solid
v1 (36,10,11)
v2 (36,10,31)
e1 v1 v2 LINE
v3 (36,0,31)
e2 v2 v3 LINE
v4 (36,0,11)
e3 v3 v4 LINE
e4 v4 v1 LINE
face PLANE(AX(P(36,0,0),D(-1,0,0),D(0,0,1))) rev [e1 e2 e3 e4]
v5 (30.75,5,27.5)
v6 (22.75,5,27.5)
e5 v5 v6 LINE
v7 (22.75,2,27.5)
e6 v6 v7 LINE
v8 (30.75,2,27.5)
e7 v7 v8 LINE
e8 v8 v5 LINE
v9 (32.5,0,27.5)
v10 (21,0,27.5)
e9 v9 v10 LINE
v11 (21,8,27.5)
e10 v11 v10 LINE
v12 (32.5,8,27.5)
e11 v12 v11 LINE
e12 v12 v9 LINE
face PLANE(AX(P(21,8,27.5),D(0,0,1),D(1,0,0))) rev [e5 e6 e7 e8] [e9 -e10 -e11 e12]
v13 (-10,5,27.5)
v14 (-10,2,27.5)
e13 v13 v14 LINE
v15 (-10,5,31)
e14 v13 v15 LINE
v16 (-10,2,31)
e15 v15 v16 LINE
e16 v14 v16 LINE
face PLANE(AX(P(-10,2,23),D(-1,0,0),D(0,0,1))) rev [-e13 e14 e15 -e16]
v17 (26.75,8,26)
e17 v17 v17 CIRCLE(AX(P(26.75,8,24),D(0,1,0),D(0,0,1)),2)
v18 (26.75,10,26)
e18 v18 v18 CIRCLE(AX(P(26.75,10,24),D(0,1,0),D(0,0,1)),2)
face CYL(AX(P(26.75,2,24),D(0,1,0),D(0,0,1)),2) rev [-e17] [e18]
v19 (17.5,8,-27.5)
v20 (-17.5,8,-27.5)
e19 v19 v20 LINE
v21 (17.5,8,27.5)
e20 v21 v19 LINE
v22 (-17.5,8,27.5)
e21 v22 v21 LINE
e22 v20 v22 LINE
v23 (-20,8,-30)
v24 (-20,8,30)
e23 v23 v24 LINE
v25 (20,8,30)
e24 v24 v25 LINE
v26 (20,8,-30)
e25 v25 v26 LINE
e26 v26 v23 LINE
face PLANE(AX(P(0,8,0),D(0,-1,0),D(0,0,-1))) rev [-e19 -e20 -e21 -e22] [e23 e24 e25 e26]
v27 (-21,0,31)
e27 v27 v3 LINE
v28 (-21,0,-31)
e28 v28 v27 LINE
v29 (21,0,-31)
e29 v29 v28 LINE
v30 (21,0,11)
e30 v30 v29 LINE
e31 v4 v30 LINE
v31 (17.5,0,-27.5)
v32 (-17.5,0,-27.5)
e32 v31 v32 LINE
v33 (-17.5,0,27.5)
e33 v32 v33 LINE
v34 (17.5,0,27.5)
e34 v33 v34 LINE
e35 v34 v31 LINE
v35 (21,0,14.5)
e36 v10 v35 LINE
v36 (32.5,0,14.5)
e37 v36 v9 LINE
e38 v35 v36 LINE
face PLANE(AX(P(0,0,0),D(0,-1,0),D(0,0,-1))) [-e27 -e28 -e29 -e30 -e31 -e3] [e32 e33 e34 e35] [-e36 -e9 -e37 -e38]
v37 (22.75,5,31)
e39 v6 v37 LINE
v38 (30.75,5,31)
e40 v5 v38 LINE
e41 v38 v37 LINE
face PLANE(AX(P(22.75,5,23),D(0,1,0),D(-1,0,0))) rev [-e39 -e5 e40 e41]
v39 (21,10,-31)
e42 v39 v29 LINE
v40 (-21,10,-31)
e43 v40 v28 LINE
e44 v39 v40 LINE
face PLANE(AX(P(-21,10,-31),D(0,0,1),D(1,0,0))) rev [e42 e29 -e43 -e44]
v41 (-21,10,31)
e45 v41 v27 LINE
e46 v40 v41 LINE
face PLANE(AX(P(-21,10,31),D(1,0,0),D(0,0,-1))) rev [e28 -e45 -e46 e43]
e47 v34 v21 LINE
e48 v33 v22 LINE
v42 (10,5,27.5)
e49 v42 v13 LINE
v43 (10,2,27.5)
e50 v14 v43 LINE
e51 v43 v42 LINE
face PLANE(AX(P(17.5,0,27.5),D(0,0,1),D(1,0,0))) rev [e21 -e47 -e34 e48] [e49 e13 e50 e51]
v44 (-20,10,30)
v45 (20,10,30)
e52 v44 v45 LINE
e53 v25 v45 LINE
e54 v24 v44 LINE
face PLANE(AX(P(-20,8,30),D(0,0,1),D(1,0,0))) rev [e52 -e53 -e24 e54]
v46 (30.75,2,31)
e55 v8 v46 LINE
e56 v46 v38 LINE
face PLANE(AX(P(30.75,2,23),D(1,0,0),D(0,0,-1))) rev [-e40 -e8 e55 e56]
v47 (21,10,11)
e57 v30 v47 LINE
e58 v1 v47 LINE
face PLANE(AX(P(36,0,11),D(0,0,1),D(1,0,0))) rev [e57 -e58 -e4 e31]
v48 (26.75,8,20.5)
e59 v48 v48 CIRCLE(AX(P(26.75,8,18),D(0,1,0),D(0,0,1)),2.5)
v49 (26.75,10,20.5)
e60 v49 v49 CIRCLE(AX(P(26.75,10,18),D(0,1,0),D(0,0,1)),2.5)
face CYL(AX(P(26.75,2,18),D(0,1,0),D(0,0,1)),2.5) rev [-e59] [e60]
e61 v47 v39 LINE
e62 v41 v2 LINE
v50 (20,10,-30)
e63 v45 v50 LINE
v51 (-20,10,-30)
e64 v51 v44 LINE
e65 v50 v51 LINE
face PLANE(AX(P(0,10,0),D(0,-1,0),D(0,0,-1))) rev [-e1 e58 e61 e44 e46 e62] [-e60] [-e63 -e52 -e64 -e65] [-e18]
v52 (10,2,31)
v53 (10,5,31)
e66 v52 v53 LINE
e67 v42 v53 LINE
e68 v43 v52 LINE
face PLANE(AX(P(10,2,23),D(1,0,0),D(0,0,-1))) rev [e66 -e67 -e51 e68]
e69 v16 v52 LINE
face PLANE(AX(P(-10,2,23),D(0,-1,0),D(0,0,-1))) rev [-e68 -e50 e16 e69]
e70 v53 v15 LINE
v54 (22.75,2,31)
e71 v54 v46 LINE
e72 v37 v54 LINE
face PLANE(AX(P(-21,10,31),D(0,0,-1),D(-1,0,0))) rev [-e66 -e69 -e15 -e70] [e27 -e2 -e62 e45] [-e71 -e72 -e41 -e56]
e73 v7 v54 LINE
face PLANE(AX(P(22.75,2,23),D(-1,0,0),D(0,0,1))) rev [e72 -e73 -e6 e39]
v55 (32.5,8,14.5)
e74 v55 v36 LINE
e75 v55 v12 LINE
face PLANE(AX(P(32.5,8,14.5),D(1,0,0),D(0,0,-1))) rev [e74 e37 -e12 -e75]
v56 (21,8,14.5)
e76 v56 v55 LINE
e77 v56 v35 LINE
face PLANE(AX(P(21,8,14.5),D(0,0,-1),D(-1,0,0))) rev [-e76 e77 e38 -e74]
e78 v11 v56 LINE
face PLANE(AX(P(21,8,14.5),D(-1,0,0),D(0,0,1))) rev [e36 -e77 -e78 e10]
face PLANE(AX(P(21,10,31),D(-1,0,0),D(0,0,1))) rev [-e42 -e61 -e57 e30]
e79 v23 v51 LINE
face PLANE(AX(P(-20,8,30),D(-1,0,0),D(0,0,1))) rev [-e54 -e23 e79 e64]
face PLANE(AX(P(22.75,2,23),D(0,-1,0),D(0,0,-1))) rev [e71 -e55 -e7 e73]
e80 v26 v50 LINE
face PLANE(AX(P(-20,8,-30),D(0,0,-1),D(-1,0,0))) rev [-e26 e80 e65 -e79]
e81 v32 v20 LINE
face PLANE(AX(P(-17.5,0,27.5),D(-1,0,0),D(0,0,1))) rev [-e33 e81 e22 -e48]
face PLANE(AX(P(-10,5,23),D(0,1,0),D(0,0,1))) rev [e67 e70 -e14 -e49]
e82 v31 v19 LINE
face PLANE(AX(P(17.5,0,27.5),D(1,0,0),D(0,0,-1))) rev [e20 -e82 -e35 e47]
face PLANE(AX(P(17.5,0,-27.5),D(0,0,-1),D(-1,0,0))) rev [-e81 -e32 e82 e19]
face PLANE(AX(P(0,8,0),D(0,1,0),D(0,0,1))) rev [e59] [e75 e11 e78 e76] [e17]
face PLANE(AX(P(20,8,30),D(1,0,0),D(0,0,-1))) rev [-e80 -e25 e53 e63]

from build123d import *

# Parameters (mm, degrees)
CROQUIS1_W              = 42
CROQUIS1_H              = 62
SALIENTE_EXTRUIR1_DEPTH = 10
CROQUIS2_W              = 40
CROQUIS2_H              = 60
CORTAR_EXTRUIR1_DEPTH   = 2
CROQUIS3_W              = 35
CROQUIS3_H              = 55
CORTAR_EXTRUIR2_DEPTH   = 8
CROQUIS4_W              = 20
CROQUIS4_H              = 3
CORTAR_EXTRUIR3_DEPTH   = 8
CROQUIS5_W              = 20
CROQUIS5_H              = 10
SALIENTE_EXTRUIR2_DEPTH = 15
CROQUIS6_W              = 11.5
CROQUIS6_H              = 13
CORTAR_EXTRUIR4_DEPTH   = 8
CROQUIS7_R              = 2.5
CROQUIS7_R_2            = 2
CORTAR_EXTRUIR5_DEPTH   = 8
CROQUIS8_W              = 8
CROQUIS8_H              = 3
CORTAR_EXTRUIR6_DEPTH   = 8


with BuildPart() as part:
    # Croquis1 → Saliente-Extruir1 (new body)
    with BuildSketch(Plane(origin=(0, 0, 0), x_dir=(1, 0, 0), z_dir=(0, 1, 0))):
        Rectangle(CROQUIS1_W, CROQUIS1_H)
    extrude(amount=SALIENTE_EXTRUIR1_DEPTH)

    # Croquis2 → Cortar-Extruir1 (cut)
    with BuildSketch(Plane(origin=(0, 10, 0), x_dir=(1, 0, 0), z_dir=(0, 1, 0))):
        Rectangle(CROQUIS2_W, CROQUIS2_H)
    extrude(amount=-CORTAR_EXTRUIR1_DEPTH, mode=Mode.SUBTRACT)

    # Croquis3 → Cortar-Extruir2 (cut)
    with BuildSketch(Plane(origin=(0, 8, 0), x_dir=(1, 0, 0), z_dir=(0, 1, 0))):
        Rectangle(CROQUIS3_W, CROQUIS3_H)
    extrude(amount=-CORTAR_EXTRUIR2_DEPTH, mode=Mode.SUBTRACT)

    # Croquis4 → Cortar-Extruir3 (cut)
    with BuildSketch(Plane.XY.offset(31)):
        with Locations((0, 3.5)):
            Rectangle(CROQUIS4_W, CROQUIS4_H)
    extrude(amount=-CORTAR_EXTRUIR3_DEPTH, mode=Mode.SUBTRACT)

    # Croquis5 → Saliente-Extruir2 (add)
    with BuildSketch(Plane(origin=(21, 0, 0), x_dir=(0, 0, -1), z_dir=(1, 0, 0))):
        with Locations((-21, 5)):
            Rectangle(CROQUIS5_W, CROQUIS5_H)
    extrude(amount=SALIENTE_EXTRUIR2_DEPTH)

    # Croquis6 → Cortar-Extruir4 (cut)
    with BuildSketch(Plane(origin=(0, 0, 0), x_dir=(-1, 0, 0), z_dir=(0, -1, 0))):
        with Locations((-26.75, -21)):
            Rectangle(CROQUIS6_W, CROQUIS6_H)
    extrude(amount=-CORTAR_EXTRUIR4_DEPTH, mode=Mode.SUBTRACT)

    # Croquis7 → Cortar-Extruir5 (cut)
    with BuildSketch(Plane(origin=(0, 10, 0), x_dir=(1, 0, 0), z_dir=(0, 1, 0))):
        with Locations((26.75, -18)):
            Circle(CROQUIS7_R)
        with Locations((26.75, -24)):
            Circle(CROQUIS7_R_2)
    extrude(amount=-CORTAR_EXTRUIR5_DEPTH, mode=Mode.SUBTRACT)

    # Croquis8 → Cortar-Extruir6 (cut)
    with BuildSketch(Plane.XY.offset(31)):
        with Locations((26.75, 3.5)):
            Rectangle(CROQUIS8_W, CROQUIS8_H)
    extrude(amount=-CORTAR_EXTRUIR6_DEPTH, mode=Mode.SUBTRACT)


solid = part.part
